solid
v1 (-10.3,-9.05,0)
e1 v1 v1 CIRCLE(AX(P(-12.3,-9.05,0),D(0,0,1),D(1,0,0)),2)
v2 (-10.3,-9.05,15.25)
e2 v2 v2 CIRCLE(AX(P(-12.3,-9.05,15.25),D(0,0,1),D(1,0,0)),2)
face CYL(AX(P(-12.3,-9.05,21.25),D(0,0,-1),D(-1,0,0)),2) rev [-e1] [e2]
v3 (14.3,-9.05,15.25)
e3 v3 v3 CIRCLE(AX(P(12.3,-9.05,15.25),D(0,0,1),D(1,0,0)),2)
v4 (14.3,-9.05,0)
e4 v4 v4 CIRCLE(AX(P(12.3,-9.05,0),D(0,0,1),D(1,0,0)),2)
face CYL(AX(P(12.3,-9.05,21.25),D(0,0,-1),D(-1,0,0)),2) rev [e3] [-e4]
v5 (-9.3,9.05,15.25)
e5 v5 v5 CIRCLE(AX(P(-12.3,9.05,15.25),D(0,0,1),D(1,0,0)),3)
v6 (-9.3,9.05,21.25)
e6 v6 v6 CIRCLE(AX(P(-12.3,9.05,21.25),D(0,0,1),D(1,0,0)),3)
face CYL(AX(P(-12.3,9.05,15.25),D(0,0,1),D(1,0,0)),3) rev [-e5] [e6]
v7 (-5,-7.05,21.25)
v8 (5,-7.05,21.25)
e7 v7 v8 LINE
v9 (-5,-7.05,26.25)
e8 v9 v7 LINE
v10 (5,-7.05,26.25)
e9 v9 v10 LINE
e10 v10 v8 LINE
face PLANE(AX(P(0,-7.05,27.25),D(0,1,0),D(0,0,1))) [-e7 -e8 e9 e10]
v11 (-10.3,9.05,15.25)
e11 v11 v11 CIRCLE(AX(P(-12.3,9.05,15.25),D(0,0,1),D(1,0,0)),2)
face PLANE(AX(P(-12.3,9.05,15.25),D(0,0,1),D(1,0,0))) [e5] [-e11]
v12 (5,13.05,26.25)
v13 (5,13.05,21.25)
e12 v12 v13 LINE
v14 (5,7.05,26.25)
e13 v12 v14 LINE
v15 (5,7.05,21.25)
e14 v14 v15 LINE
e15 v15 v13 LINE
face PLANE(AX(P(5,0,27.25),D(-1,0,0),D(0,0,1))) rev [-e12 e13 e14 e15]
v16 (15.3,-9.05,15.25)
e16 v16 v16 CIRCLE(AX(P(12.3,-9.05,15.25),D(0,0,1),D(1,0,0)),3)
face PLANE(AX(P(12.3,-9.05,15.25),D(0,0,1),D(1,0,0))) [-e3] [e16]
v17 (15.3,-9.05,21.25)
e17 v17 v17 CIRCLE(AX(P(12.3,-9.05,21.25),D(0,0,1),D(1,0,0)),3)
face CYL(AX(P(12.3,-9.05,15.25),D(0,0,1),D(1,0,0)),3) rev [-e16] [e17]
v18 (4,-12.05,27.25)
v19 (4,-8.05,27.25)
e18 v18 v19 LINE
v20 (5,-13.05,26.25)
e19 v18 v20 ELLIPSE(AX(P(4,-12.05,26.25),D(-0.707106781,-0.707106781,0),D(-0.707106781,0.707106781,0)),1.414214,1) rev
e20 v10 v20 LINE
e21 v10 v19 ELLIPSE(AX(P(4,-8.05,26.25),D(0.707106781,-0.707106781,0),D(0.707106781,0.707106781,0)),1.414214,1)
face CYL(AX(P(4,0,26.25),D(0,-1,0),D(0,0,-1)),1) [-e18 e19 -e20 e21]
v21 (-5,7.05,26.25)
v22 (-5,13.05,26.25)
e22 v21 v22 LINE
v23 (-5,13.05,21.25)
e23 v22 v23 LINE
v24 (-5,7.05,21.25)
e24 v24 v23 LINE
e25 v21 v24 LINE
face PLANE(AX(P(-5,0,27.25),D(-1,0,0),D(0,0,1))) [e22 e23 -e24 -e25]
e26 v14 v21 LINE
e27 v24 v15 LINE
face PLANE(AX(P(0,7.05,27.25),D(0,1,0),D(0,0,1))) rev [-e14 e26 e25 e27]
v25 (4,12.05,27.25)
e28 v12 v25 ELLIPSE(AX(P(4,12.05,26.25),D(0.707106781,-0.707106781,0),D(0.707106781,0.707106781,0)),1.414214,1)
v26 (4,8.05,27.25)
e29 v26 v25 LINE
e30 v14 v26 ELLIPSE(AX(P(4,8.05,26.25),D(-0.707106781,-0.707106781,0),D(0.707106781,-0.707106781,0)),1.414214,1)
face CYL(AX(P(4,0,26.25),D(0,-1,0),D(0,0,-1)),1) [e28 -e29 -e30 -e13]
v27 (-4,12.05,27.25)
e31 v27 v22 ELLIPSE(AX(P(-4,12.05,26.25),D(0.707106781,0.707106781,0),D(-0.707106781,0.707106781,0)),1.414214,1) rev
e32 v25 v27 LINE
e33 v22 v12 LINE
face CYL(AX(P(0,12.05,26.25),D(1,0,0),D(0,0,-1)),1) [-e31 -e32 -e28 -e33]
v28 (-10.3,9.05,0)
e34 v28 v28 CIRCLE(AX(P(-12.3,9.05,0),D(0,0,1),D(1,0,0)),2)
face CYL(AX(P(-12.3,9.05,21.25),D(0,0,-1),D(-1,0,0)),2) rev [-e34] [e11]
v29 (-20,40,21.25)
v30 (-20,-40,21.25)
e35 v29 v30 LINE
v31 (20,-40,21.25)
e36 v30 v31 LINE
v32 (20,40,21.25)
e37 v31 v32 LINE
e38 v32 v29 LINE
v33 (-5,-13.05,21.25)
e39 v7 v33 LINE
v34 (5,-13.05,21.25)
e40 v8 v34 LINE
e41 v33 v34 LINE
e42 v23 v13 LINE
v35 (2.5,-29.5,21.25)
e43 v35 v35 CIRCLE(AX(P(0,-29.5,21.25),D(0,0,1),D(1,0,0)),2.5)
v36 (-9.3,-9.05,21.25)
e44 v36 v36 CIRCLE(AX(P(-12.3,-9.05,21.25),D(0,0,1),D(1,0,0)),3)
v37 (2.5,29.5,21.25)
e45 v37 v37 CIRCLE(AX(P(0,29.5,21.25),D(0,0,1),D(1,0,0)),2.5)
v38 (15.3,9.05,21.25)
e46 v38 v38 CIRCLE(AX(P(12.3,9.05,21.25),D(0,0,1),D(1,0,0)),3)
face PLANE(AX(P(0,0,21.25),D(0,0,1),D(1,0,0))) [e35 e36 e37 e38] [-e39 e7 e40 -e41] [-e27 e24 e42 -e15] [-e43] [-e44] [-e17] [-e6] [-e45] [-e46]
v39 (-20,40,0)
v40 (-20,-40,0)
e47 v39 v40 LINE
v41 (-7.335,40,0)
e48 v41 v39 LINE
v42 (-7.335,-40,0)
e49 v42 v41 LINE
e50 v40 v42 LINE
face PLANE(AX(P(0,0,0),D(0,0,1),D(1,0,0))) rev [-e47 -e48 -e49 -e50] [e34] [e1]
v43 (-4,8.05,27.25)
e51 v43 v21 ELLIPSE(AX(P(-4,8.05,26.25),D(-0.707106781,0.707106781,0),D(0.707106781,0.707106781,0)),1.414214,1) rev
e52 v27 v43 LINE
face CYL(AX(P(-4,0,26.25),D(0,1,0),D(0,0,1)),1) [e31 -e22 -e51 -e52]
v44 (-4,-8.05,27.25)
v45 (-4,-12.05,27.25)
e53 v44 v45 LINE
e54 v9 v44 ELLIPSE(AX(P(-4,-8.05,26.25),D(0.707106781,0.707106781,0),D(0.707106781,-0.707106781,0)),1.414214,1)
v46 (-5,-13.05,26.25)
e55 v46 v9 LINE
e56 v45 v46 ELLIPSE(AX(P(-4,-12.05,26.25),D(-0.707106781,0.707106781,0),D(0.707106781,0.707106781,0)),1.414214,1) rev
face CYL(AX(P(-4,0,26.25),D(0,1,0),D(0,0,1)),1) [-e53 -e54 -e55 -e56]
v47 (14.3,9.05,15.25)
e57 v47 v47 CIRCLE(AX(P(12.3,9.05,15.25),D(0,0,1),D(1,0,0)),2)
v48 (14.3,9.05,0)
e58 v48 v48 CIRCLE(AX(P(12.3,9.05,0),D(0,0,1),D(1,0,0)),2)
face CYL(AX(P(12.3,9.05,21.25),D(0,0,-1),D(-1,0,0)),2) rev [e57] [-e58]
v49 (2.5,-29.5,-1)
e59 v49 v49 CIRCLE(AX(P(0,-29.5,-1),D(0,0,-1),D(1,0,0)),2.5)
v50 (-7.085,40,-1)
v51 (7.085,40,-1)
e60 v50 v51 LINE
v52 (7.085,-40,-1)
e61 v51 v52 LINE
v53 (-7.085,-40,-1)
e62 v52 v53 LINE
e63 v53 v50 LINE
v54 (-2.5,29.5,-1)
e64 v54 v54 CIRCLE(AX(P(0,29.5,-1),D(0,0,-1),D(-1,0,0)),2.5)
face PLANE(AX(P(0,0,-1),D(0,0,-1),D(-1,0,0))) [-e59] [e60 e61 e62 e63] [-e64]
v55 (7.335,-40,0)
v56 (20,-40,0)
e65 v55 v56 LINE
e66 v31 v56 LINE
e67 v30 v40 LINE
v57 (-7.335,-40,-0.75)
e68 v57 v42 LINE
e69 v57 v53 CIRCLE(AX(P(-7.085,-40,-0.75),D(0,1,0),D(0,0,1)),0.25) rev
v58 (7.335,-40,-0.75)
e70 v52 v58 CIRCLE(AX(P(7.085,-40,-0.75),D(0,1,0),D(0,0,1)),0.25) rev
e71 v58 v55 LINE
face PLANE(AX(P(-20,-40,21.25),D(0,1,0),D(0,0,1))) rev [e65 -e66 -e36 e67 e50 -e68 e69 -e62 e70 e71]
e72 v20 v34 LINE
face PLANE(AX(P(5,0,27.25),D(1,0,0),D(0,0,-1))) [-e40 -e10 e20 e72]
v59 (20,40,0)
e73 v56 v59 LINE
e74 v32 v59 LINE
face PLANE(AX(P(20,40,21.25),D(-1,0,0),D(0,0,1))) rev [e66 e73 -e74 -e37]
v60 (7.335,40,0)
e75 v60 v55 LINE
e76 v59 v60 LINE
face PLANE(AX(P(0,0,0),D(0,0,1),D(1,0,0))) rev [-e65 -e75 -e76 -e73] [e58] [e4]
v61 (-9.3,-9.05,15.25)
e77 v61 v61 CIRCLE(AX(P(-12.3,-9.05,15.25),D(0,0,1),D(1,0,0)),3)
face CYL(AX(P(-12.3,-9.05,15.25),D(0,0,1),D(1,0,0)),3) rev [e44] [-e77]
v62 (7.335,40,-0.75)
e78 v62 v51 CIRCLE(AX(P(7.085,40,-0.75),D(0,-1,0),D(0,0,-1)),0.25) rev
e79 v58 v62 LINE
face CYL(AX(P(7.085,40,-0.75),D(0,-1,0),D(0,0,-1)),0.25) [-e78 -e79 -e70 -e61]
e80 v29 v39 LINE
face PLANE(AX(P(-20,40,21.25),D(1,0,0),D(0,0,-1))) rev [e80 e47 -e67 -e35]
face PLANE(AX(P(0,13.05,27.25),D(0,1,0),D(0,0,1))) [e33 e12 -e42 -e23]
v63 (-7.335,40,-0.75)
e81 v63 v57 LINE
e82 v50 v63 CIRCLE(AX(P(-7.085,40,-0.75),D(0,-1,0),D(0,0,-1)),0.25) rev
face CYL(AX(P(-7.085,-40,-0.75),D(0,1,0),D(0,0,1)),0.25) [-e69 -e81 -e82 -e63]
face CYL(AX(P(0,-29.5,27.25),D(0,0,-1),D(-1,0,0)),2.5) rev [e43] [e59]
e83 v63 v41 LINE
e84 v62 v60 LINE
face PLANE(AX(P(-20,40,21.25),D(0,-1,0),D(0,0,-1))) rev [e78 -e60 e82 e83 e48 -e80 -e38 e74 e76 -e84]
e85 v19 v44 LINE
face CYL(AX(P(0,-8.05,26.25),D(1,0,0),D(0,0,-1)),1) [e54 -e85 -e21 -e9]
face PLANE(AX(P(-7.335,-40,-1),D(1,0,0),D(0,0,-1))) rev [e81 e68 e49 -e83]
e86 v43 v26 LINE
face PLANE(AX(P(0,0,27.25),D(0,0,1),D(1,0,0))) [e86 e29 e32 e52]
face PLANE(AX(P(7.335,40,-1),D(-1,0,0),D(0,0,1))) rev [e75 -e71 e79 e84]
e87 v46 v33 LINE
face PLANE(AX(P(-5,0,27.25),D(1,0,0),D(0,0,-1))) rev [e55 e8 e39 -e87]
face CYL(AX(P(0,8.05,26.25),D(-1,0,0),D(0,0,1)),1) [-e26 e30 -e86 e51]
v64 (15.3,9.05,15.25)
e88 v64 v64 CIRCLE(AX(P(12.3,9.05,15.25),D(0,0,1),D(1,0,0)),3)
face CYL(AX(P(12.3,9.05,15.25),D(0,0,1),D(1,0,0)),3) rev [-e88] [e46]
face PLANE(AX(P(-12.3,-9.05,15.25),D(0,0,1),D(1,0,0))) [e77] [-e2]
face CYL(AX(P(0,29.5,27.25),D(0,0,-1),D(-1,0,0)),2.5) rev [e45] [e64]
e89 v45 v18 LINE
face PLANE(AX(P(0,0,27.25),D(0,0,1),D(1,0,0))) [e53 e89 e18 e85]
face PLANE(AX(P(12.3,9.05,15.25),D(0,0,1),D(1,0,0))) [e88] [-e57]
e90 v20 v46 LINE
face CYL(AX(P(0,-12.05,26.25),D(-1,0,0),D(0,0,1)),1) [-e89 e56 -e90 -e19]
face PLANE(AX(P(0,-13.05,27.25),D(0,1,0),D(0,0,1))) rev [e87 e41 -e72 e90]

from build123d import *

# Parameters (mm, degrees)
SKETCH1_W           = 40
SKETCH1_H           = 80
SKETCH1_R           = 2
BOSS_EXTRUDE1_DEPTH = 21.25
SKETCH4_W           = 14.67
SKETCH4_H           = 80
BOSS_EXTRUDE3_DEPTH = 1
FILLET1_R           = 0.25
FILLET2_R           = 0.25
SKETCH2_W           = 10
SKETCH2_H           = 6
BOSS_EXTRUDE4_DEPTH = 6
SKETCH5_R           = 2.5
CUT_EXTRUDE1_DEPTH  = 53.896715399
SKETCH6_R           = 3
CUT_EXTRUDE2_DEPTH  = 6
FILLET3_R           = 1


with BuildPart() as part:
    # Sketch1 → Boss-Extrude1 (new body)
    with BuildSketch(Plane.XY):
        Rectangle(SKETCH1_W, SKETCH1_H)
        with Locations((12.3, 9.05)):
            Circle(SKETCH1_R, mode=Mode.SUBTRACT)
        with Locations((12.3, -9.05)):
            Circle(SKETCH1_R, mode=Mode.SUBTRACT)
        with Locations((-12.3, 9.05)):
            Circle(SKETCH1_R, mode=Mode.SUBTRACT)
        with Locations((-12.3, -9.05)):
            Circle(SKETCH1_R, mode=Mode.SUBTRACT)
    extrude(amount=BOSS_EXTRUDE1_DEPTH)

    # Sketch4 → Boss-Extrude3 (add)
    with BuildSketch(Plane(origin=(0, 0, 0), x_dir=(-1, 0, 0), z_dir=(0, 0, -1))):
        Rectangle(SKETCH4_W, SKETCH4_H)
    extrude(amount=BOSS_EXTRUDE3_DEPTH)

    # Fillet1
    fillet1_edges = [part.edges().sort_by_distance(p)[0] for p in [
        (7.335, 0, -1),
    ]]
    fillet(fillet1_edges, radius=FILLET1_R)

    # Fillet2
    fillet2_edges = [part.edges().sort_by_distance(p)[0] for p in [
        (-7.335, 0, -1),
    ]]
    fillet(fillet2_edges, radius=FILLET2_R)

    # Sketch2 → Boss-Extrude4 (add)
    with BuildSketch(Plane.XY.offset(21.25)):
        Polygon((-5, -13.05), (0, -13.05), (5, -13.05), (5, -7.05), (-5, -7.05), align=None)
        with Locations((0, 10.05)):
            Rectangle(SKETCH2_W, SKETCH2_H)
    extrude(amount=BOSS_EXTRUDE4_DEPTH)

    # Sketch5 → Cut-Extrude1 (cut, through all)
    with BuildSketch(Plane(origin=(0, 0, -1), x_dir=(-1, 0, 0), z_dir=(0, 0, -1))):
        with Locations((0, 29.5)):
            Circle(SKETCH5_R)
        with Locations(Location((0, -29.5, 0), (0, 0, 180))):
            Circle(SKETCH5_R)
    extrude(amount=-CUT_EXTRUDE1_DEPTH, mode=Mode.SUBTRACT)

    # Sketch6 → Cut-Extrude2 (cut)
    with BuildSketch(Plane.XY.offset(21.25)):
        with Locations((-12.3, 9.05)):
            Circle(SKETCH6_R)
        with Locations((12.3, 9.05)):
            Circle(SKETCH6_R)
        with Locations((12.3, -9.05)):
            Circle(SKETCH6_R)
        with Locations((-12.3, -9.05)):
            Circle(SKETCH6_R)
    extrude(amount=-CUT_EXTRUDE2_DEPTH, mode=Mode.SUBTRACT)

    # Fillet3
    fillet3_edges = [part.edges().sort_by_distance(p)[0] for p in [
        (5, -10.05, 27.25),
        (0, -7.05, 27.25),
        (-5, -10.05, 27.25),
        (0, -13.05, 27.25),
        (0, 13.05, 27.25),
        (-5, 10.05, 27.25),
        (0, 7.05, 27.25),
        (5, 10.05, 27.25),
    ]]
    fillet(fillet3_edges, radius=FILLET3_R)


solid = part.part
